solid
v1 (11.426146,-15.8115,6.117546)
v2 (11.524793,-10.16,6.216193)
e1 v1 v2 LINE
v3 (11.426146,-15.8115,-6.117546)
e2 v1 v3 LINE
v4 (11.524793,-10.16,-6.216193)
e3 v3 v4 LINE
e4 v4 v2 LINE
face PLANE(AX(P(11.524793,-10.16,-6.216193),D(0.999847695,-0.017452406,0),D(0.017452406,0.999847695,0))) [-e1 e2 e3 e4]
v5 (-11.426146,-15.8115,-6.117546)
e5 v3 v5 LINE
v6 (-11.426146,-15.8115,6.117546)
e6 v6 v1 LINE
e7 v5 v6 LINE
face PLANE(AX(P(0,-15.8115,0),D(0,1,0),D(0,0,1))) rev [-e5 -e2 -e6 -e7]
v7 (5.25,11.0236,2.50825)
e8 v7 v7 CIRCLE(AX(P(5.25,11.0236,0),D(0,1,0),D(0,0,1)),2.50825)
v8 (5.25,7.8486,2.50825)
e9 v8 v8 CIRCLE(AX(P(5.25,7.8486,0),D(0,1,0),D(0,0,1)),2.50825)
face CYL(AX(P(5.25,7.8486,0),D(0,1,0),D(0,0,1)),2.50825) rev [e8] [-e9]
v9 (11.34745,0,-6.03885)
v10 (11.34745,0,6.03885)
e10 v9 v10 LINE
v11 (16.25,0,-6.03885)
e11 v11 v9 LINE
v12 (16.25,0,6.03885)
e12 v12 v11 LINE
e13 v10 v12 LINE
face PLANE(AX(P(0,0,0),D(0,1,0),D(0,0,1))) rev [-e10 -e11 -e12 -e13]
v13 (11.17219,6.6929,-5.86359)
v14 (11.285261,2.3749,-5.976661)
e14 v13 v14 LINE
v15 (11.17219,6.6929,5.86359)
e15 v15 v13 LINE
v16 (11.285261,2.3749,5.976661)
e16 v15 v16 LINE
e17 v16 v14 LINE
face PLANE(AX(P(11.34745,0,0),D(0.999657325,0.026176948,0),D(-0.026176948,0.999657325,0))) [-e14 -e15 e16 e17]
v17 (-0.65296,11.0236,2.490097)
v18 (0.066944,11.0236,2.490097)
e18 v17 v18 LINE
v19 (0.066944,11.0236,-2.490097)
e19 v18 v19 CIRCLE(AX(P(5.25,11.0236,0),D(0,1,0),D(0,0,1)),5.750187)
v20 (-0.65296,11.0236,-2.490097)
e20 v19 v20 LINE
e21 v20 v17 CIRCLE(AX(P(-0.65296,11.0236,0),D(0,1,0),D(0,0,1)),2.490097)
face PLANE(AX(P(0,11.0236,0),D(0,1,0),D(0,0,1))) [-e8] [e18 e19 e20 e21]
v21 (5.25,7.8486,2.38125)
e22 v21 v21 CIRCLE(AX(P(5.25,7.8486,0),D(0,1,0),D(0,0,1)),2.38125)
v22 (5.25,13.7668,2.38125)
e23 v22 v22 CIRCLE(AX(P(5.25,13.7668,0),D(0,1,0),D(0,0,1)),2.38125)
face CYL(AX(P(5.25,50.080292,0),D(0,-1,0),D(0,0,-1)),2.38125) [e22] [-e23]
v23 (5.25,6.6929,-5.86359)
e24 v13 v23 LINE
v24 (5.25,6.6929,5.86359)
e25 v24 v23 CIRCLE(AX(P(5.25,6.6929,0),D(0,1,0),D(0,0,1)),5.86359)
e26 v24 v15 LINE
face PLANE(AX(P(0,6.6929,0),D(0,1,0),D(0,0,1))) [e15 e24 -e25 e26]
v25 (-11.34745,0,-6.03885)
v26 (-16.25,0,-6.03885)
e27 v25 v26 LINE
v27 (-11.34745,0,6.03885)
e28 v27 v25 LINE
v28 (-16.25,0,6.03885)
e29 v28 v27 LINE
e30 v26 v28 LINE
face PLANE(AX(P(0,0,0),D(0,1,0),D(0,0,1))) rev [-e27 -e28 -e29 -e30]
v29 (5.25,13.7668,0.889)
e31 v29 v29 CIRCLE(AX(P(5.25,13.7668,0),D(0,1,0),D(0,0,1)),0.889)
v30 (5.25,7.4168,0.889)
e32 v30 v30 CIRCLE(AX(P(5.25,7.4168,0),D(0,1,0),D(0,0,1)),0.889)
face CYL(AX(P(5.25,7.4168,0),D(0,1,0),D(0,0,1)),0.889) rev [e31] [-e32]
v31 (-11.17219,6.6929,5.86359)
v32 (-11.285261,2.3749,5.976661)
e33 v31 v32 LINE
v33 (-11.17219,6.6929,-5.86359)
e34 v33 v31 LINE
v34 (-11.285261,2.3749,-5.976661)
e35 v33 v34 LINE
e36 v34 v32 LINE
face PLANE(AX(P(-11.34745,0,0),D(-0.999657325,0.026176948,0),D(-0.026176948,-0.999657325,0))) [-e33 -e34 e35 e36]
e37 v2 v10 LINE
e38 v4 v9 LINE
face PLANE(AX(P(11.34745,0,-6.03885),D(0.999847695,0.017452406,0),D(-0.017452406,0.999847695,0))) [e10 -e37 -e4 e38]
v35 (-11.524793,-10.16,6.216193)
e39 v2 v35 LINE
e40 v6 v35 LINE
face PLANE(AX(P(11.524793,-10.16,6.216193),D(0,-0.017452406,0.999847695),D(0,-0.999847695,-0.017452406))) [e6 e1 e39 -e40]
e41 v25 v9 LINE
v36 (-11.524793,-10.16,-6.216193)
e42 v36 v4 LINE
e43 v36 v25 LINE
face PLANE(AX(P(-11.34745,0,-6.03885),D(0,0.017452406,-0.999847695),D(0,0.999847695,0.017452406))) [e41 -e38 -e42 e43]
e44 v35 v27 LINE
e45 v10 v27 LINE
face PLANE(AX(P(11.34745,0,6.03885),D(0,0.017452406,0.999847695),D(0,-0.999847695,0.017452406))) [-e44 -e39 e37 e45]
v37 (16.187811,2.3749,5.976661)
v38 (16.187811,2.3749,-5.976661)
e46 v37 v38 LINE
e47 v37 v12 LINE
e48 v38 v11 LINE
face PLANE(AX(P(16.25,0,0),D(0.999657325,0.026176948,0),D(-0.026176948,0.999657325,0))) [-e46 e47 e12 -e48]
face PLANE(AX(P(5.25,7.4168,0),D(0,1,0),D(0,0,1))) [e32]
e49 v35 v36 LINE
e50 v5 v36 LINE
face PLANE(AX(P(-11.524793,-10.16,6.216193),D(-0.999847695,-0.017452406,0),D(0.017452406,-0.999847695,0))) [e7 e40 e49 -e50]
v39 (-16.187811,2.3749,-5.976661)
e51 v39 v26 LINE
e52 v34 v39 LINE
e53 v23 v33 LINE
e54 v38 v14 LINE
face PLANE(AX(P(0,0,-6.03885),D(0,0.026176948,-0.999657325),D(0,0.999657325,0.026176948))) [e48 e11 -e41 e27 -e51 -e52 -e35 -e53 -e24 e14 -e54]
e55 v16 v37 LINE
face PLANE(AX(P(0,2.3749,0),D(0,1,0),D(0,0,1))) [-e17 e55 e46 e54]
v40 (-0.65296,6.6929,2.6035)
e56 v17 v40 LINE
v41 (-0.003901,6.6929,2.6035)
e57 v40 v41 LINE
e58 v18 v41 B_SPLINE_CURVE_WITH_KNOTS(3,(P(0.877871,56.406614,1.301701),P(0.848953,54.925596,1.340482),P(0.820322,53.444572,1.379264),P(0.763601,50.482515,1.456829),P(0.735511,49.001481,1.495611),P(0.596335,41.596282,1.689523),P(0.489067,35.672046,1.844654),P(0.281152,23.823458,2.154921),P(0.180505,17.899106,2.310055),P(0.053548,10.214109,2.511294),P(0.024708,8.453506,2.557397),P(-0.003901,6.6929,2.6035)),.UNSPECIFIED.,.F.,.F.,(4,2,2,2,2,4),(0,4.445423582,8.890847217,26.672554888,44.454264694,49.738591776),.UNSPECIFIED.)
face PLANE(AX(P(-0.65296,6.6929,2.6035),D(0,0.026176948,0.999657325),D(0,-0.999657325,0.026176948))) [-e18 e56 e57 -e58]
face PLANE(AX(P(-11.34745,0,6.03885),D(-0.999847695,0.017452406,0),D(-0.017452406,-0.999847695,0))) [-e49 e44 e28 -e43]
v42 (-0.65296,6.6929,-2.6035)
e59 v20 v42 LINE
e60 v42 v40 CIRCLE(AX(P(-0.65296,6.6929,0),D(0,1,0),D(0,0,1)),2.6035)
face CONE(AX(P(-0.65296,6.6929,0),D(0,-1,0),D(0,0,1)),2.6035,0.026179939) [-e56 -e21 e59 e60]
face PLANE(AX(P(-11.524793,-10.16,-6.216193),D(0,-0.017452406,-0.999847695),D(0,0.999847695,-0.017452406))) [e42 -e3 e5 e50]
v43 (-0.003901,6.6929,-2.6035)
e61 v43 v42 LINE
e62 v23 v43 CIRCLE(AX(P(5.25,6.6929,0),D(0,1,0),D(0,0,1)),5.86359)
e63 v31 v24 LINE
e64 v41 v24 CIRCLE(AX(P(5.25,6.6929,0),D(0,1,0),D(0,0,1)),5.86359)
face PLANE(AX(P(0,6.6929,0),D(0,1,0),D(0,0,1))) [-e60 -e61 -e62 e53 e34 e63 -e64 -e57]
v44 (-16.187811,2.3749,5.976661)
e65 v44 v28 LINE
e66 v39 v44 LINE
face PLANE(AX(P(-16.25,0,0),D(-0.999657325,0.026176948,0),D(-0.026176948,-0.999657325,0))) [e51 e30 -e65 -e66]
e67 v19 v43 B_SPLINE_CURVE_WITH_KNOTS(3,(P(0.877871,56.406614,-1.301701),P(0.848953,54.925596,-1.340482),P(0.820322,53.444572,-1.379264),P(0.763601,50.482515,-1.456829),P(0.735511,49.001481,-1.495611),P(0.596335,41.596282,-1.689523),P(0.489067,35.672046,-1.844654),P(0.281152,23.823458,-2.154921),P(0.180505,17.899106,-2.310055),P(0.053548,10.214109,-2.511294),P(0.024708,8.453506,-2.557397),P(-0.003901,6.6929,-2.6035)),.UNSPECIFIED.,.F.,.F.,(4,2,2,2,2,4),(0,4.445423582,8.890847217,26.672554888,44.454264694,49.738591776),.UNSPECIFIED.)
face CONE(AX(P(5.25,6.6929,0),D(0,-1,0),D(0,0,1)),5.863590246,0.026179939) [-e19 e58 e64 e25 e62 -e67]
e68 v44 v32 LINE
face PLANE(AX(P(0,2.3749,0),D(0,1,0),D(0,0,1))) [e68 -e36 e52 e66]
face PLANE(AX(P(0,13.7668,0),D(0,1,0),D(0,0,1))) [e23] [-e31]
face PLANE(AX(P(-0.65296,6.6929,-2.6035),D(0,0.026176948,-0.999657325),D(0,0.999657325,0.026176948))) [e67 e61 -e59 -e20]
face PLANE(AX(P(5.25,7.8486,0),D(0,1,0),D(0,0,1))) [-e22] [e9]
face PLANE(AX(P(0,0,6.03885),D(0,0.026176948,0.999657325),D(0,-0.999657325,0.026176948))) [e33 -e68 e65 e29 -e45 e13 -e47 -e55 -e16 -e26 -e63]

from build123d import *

# Parameters (mm, degrees)
SKETCH8_W                 = 32.5
SKETCH8_H                 = 12.0777
BODY_MOUNTING_PLATE_DEPTH = 2.3749
SKETCH9_W                 = 22.6949
SKETCH9_H                 = 12.0777
BODY_TOP_DEPTH            = 4.318
BODY_TOP_DRAFT_1_5_ANGLE  = -1.5
SKETCH10_W                = 22.6949
SKETCH10_H                = 12.0777
BODY_MIDDLE_DEPTH         = 10.16
BODY_MIDDLE_DRAFT         = -1
SKETCH11_W                = 23.04958692
SKETCH11_H                = 12.43238692
BODY_BODOM_DEPTH          = 5.6515
BODY_BODOM_TAPER          = 1
BODY_TOPPER_DEPTH         = 4.3307
BODY_TOPPER_TAPER         = 1.5
SKETCH13_R                = 2.38125
SPINDLE_DEPTH             = 2.7432
SPINDLE_START             = -3.175
SKETCH18_R                = 2.50825
SKETCH18_R_2              = 2.38125
SPINDLE_OPENING_DEPTH     = 3.175
SKETCH14_R                = 0.889
SPINDLE_SCREW_HOLE_DEPTH  = 6.35


with BuildPart() as part:
    # Sketch8 → Body Mounting Plate (new body)
    with BuildSketch(Plane(origin=(0, 0, 0), x_dir=(1, 0, 0), z_dir=(0, 1, 0))):
        Rectangle(SKETCH8_W, SKETCH8_H)
    extrude(amount=BODY_MOUNTING_PLATE_DEPTH)

    # Sketch9 → Body Top (add)
    with BuildSketch(Plane(origin=(0, 2.3749, 0), x_dir=(1, 0, 0), z_dir=(0, 1, 0))):
        Rectangle(SKETCH9_W, SKETCH9_H)
    extrude(amount=BODY_TOP_DEPTH)

    # Body Top Draft 1.5
    body_top_draft_1_5_faces = [part.faces().sort_by_distance(p)[0] for p in [
        (11.34745, 4.5339, 0),
        (16.25, 1.18745, 0),
        (0, 3.059462209, -6.03885),
        (-11.34745, 4.5339, 0),
        (-16.25, 1.18745, 0),
        (0, 3.059462209, 6.03885),
    ]]
    draft(body_top_draft_1_5_faces, Plane(origin=(0, 0, 0), x_dir=(0, 0, -1), z_dir=(0, -1, 0)), BODY_TOP_DRAFT_1_5_ANGLE)


with BuildPart() as body_middle_tool:
    # Sketch10 → Body Middle (with draft: the straight prism first)
    with BuildSketch(Plane.XZ):
        Rectangle(SKETCH10_W, SKETCH10_H)
    extrude(amount=BODY_MIDDLE_DEPTH)
    # Body Middle: the draft: its side faces are tilted about the plane it starts from
    body_middle_sides = [body_middle_tool.faces().sort_by_distance(p)[0] for p in [
        (0, -5.08, 6.03885),
        (-11.34745, -5.08, 0),
        (0, -5.08, -6.03885),
        (11.34745, -5.08, 0),
    ]]
    draft(body_middle_sides, Plane.XZ, BODY_MIDDLE_DRAFT)


with BuildPart() as part_1:
    add(part.part)

    # Body Middle: add body_middle_tool
    add(body_middle_tool.part)

    # Sketch11 → Body Bodom (add)
    with BuildSketch(Plane.XZ.offset(10.16)):
        Rectangle(SKETCH11_W, SKETCH11_H)
    extrude(amount=BODY_BODOM_DEPTH, taper=BODY_BODOM_TAPER)

    # Sketch12 → Body Topper (add)
    with BuildSketch(Plane(origin=(0, 6.6929, 0), x_dir=(1, 0, 0), z_dir=(0, 1, 0))):
        with BuildLine():
            ThreePointArc((-0.652959754, 2.6035), (-3.256459754, 0), (-0.652959754, -2.6035))
            Line((-0.652959754, -2.6035), (-0.003901247, -2.6035))
            ThreePointArc((-0.003901247, -2.6035), (11.113590246, 0), (-0.003901247, 2.6035))
            Line((-0.003901247, 2.6035), (-0.652959754, 2.6035))
        make_face()
    extrude(amount=BODY_TOPPER_DEPTH, taper=BODY_TOPPER_TAPER)

    # Sketch13 → Spindle (add)
    with BuildSketch(Plane(origin=(0, 11.0236, 0), x_dir=(1, 0, 0), z_dir=(0, 1, 0))):
        with Locations(Location((5.25, 0, 0), (0, 0, 270))):
            Circle(SKETCH13_R)
    extrude(amount=SPINDLE_DEPTH)

    # Sketch18 → Spindle Opening (cut)
    with BuildSketch(Plane(origin=(0, 11.0236, 0), x_dir=(1, 0, 0), z_dir=(0, 1, 0)).offset(SPINDLE_START)):
        with Locations(Location((5.25, 0, 0), (0, 0, 270))):
            Circle(SKETCH18_R)
        with Locations(Location((5.25, 0, 0), (0, 0, 270))):
            Circle(SKETCH18_R_2, mode=Mode.SUBTRACT)
    extrude(amount=SPINDLE_OPENING_DEPTH, mode=Mode.SUBTRACT)

    # Sketch14 → Spindle Screw Hole (cut)
    with BuildSketch(Plane(origin=(0, 13.7668, 0), x_dir=(1, 0, 0), z_dir=(0, 1, 0))):
        with Locations(Location((5.25, 0, 0), (0, 0, 270))):
            Circle(SKETCH14_R)
    extrude(amount=-SPINDLE_SCREW_HOLE_DEPTH, mode=Mode.SUBTRACT)


solid = part_1.part
